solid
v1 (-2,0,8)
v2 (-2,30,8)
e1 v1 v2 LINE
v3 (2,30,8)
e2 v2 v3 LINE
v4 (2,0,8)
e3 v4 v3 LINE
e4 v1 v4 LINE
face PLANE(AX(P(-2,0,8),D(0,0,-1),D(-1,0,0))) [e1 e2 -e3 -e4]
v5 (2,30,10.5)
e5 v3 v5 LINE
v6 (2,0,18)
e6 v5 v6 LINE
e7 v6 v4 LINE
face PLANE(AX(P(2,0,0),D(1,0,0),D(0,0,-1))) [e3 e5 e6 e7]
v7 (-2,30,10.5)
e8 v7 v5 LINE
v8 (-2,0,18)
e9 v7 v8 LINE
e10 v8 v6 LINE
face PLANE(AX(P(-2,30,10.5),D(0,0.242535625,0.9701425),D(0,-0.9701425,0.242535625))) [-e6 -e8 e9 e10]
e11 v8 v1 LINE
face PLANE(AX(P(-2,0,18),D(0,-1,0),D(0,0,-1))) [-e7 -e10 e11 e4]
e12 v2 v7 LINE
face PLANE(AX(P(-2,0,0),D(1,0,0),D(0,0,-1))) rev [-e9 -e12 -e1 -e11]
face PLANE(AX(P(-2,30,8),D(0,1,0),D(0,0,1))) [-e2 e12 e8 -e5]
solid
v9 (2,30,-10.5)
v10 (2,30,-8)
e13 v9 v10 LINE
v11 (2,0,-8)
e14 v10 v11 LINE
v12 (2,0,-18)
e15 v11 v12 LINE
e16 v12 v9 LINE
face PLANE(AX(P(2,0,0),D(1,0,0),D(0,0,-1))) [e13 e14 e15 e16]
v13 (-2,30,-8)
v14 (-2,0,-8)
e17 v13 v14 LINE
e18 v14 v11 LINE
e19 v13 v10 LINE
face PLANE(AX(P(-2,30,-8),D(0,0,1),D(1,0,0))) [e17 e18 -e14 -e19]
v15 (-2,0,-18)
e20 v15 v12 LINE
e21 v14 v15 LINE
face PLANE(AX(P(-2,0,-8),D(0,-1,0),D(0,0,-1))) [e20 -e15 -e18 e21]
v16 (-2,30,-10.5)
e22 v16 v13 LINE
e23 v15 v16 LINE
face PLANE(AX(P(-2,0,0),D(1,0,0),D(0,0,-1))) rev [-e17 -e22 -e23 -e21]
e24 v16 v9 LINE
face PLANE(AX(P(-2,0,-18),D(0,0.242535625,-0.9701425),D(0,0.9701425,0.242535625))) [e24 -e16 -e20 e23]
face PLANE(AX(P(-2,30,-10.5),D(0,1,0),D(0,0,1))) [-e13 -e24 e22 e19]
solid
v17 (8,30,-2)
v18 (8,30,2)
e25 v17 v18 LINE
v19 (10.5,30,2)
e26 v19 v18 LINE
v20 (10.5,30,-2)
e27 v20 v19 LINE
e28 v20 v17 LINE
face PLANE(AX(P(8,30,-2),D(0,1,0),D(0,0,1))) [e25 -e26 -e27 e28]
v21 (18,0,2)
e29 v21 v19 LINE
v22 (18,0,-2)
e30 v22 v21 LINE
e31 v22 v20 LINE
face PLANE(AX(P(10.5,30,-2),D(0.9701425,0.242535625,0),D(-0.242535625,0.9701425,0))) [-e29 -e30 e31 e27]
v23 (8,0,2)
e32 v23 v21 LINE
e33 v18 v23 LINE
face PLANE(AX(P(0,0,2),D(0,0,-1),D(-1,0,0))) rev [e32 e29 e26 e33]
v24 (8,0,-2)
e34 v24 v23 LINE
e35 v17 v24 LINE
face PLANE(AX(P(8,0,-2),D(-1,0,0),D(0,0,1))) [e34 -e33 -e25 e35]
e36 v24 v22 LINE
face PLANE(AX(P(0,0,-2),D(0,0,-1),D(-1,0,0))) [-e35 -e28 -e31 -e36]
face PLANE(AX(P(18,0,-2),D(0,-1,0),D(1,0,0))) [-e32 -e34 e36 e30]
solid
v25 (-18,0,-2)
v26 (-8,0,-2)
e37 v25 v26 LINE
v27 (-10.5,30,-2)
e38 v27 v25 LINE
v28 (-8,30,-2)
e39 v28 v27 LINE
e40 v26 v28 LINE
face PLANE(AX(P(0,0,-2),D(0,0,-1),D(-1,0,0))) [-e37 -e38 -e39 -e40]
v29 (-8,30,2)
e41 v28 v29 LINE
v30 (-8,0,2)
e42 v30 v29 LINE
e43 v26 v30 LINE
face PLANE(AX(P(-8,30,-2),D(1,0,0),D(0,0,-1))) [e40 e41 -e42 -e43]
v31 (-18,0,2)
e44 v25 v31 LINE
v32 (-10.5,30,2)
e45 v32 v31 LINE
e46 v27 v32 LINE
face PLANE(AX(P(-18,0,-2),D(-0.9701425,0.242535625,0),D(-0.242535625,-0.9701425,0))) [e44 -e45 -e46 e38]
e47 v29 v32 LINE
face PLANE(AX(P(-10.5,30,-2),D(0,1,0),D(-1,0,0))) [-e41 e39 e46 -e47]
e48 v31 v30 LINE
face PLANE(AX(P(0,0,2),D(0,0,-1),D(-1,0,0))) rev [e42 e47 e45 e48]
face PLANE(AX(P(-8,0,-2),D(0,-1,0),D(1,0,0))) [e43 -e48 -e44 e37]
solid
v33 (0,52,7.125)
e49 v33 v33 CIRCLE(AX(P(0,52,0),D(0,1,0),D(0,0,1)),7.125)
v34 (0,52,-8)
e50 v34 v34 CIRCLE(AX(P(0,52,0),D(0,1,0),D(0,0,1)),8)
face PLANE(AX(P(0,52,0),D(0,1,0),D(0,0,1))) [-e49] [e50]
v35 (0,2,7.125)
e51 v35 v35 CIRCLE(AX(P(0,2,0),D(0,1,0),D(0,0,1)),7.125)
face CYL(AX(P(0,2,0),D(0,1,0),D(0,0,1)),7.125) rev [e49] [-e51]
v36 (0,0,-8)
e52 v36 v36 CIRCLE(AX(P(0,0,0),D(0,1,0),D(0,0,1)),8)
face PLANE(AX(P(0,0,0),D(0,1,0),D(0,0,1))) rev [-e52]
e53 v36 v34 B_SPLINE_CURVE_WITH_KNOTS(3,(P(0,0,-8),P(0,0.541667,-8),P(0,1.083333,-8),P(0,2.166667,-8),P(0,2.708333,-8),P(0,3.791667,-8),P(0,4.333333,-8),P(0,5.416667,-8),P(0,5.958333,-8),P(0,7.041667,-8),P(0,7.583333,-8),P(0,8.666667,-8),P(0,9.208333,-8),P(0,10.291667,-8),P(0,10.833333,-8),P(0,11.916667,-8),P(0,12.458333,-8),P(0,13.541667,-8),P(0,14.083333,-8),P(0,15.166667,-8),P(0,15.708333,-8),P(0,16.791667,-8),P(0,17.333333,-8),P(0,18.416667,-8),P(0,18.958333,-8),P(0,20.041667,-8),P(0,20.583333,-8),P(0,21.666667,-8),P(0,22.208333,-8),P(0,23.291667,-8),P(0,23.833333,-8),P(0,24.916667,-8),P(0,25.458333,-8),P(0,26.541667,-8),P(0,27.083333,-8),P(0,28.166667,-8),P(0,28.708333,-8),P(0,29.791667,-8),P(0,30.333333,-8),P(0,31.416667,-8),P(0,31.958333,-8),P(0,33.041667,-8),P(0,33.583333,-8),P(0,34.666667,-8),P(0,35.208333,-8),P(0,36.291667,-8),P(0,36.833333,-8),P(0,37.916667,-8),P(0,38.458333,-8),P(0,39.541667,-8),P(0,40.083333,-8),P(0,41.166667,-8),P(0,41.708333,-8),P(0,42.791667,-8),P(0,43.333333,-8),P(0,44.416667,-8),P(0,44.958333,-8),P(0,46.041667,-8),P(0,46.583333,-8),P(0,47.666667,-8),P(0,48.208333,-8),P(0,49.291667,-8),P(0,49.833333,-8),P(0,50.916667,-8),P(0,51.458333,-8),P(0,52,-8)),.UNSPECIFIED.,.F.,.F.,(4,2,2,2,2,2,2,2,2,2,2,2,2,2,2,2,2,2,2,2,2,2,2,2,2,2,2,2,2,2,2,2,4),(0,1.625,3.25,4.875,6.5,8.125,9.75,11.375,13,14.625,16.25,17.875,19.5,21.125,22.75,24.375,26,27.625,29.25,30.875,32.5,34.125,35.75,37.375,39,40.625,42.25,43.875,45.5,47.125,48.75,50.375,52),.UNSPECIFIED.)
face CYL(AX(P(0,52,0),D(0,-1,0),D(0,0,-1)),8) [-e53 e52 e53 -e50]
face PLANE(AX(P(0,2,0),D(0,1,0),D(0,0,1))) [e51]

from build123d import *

# Parameters (mm, degrees)
SKETCH1_R                  = 8
BOSS_EXTRUDE1_DEPTH        = 52
SKETCH2_R                  = 7.125
CUT_EXTRUDE1_DEPTH         = 50
BOSS_EXTRUDE2_DEPTH        = 2
BOSS_EXTRUDE2_DEPTH_BACK   = 2
BOSS_EXTRUDE2_2_DEPTH      = 2
BOSS_EXTRUDE2_2_DEPTH_BACK = 2
BOSS_EXTRUDE3_DEPTH        = 2
BOSS_EXTRUDE3_DEPTH_BACK   = 2
BOSS_EXTRUDE3_2_DEPTH      = 2
BOSS_EXTRUDE3_2_DEPTH_BACK = 2


with BuildPart() as part:
    # Sketch1 → Boss-Extrude1 (new body)
    with BuildSketch(Plane(origin=(0, 0, 0), x_dir=(1, 0, 0), z_dir=(0, 1, 0))):
        Circle(SKETCH1_R)
    extrude(amount=BOSS_EXTRUDE1_DEPTH)

    # Sketch2 → Cut-Extrude1 (cut)
    with BuildSketch(Plane(origin=(0, 52, 0), x_dir=(1, 0, 0), z_dir=(0, 1, 0))):
        Circle(SKETCH2_R)
    extrude(amount=-CUT_EXTRUDE1_DEPTH, mode=Mode.SUBTRACT)


with BuildPart() as body_2:
    # Sketch3 → Boss-Extrude2 (new, two sides: drawn at the far end of the back side and taken through both)
    with BuildSketch(Plane(origin=(0, 0, 0), x_dir=(0, 0, -1), z_dir=(1, 0, 0)).offset(-BOSS_EXTRUDE2_DEPTH_BACK)):
        Polygon((-8, 30), (-10.5, 30), (-18, 0), (-8, 0), align=None)
    extrude(amount=BOSS_EXTRUDE2_DEPTH + BOSS_EXTRUDE2_DEPTH_BACK)


with BuildPart() as body_3:
    # Sketch3 → Boss-Extrude2 2 (new, two sides: drawn at the far end of the back side and taken through both)
    with BuildSketch(Plane(origin=(0, 0, 0), x_dir=(0, 0, -1), z_dir=(1, 0, 0)).offset(-BOSS_EXTRUDE2_2_DEPTH_BACK)):
        Polygon((8, 0), (18, 0), (10.5, 30), (8, 30), align=None)
    extrude(amount=BOSS_EXTRUDE2_2_DEPTH + BOSS_EXTRUDE2_2_DEPTH_BACK)


with BuildPart() as body_4:
    # Sketch4 → Boss-Extrude3 (new, two sides: drawn at the far end of the back side and taken through both)
    with BuildSketch(Plane.XY.offset(-BOSS_EXTRUDE3_DEPTH_BACK)):
        Polygon((8, 30), (10.5, 30), (18, 0), (8, 0), align=None)
    extrude(amount=BOSS_EXTRUDE3_DEPTH + BOSS_EXTRUDE3_DEPTH_BACK)


with BuildPart() as body_5:
    # Sketch4 → Boss-Extrude3 2 (new, two sides: drawn at the far end of the back side and taken through both)
    with BuildSketch(Plane.XY.offset(-BOSS_EXTRUDE3_2_DEPTH_BACK)):
        Polygon((-8, 30), (-8, 0), (-18, 0), (-10.5, 30), align=None)
    extrude(amount=BOSS_EXTRUDE3_2_DEPTH + BOSS_EXTRUDE3_2_DEPTH_BACK)


solid = Compound([part.part, body_2.part, body_3.part, body_4.part, body_5.part])
